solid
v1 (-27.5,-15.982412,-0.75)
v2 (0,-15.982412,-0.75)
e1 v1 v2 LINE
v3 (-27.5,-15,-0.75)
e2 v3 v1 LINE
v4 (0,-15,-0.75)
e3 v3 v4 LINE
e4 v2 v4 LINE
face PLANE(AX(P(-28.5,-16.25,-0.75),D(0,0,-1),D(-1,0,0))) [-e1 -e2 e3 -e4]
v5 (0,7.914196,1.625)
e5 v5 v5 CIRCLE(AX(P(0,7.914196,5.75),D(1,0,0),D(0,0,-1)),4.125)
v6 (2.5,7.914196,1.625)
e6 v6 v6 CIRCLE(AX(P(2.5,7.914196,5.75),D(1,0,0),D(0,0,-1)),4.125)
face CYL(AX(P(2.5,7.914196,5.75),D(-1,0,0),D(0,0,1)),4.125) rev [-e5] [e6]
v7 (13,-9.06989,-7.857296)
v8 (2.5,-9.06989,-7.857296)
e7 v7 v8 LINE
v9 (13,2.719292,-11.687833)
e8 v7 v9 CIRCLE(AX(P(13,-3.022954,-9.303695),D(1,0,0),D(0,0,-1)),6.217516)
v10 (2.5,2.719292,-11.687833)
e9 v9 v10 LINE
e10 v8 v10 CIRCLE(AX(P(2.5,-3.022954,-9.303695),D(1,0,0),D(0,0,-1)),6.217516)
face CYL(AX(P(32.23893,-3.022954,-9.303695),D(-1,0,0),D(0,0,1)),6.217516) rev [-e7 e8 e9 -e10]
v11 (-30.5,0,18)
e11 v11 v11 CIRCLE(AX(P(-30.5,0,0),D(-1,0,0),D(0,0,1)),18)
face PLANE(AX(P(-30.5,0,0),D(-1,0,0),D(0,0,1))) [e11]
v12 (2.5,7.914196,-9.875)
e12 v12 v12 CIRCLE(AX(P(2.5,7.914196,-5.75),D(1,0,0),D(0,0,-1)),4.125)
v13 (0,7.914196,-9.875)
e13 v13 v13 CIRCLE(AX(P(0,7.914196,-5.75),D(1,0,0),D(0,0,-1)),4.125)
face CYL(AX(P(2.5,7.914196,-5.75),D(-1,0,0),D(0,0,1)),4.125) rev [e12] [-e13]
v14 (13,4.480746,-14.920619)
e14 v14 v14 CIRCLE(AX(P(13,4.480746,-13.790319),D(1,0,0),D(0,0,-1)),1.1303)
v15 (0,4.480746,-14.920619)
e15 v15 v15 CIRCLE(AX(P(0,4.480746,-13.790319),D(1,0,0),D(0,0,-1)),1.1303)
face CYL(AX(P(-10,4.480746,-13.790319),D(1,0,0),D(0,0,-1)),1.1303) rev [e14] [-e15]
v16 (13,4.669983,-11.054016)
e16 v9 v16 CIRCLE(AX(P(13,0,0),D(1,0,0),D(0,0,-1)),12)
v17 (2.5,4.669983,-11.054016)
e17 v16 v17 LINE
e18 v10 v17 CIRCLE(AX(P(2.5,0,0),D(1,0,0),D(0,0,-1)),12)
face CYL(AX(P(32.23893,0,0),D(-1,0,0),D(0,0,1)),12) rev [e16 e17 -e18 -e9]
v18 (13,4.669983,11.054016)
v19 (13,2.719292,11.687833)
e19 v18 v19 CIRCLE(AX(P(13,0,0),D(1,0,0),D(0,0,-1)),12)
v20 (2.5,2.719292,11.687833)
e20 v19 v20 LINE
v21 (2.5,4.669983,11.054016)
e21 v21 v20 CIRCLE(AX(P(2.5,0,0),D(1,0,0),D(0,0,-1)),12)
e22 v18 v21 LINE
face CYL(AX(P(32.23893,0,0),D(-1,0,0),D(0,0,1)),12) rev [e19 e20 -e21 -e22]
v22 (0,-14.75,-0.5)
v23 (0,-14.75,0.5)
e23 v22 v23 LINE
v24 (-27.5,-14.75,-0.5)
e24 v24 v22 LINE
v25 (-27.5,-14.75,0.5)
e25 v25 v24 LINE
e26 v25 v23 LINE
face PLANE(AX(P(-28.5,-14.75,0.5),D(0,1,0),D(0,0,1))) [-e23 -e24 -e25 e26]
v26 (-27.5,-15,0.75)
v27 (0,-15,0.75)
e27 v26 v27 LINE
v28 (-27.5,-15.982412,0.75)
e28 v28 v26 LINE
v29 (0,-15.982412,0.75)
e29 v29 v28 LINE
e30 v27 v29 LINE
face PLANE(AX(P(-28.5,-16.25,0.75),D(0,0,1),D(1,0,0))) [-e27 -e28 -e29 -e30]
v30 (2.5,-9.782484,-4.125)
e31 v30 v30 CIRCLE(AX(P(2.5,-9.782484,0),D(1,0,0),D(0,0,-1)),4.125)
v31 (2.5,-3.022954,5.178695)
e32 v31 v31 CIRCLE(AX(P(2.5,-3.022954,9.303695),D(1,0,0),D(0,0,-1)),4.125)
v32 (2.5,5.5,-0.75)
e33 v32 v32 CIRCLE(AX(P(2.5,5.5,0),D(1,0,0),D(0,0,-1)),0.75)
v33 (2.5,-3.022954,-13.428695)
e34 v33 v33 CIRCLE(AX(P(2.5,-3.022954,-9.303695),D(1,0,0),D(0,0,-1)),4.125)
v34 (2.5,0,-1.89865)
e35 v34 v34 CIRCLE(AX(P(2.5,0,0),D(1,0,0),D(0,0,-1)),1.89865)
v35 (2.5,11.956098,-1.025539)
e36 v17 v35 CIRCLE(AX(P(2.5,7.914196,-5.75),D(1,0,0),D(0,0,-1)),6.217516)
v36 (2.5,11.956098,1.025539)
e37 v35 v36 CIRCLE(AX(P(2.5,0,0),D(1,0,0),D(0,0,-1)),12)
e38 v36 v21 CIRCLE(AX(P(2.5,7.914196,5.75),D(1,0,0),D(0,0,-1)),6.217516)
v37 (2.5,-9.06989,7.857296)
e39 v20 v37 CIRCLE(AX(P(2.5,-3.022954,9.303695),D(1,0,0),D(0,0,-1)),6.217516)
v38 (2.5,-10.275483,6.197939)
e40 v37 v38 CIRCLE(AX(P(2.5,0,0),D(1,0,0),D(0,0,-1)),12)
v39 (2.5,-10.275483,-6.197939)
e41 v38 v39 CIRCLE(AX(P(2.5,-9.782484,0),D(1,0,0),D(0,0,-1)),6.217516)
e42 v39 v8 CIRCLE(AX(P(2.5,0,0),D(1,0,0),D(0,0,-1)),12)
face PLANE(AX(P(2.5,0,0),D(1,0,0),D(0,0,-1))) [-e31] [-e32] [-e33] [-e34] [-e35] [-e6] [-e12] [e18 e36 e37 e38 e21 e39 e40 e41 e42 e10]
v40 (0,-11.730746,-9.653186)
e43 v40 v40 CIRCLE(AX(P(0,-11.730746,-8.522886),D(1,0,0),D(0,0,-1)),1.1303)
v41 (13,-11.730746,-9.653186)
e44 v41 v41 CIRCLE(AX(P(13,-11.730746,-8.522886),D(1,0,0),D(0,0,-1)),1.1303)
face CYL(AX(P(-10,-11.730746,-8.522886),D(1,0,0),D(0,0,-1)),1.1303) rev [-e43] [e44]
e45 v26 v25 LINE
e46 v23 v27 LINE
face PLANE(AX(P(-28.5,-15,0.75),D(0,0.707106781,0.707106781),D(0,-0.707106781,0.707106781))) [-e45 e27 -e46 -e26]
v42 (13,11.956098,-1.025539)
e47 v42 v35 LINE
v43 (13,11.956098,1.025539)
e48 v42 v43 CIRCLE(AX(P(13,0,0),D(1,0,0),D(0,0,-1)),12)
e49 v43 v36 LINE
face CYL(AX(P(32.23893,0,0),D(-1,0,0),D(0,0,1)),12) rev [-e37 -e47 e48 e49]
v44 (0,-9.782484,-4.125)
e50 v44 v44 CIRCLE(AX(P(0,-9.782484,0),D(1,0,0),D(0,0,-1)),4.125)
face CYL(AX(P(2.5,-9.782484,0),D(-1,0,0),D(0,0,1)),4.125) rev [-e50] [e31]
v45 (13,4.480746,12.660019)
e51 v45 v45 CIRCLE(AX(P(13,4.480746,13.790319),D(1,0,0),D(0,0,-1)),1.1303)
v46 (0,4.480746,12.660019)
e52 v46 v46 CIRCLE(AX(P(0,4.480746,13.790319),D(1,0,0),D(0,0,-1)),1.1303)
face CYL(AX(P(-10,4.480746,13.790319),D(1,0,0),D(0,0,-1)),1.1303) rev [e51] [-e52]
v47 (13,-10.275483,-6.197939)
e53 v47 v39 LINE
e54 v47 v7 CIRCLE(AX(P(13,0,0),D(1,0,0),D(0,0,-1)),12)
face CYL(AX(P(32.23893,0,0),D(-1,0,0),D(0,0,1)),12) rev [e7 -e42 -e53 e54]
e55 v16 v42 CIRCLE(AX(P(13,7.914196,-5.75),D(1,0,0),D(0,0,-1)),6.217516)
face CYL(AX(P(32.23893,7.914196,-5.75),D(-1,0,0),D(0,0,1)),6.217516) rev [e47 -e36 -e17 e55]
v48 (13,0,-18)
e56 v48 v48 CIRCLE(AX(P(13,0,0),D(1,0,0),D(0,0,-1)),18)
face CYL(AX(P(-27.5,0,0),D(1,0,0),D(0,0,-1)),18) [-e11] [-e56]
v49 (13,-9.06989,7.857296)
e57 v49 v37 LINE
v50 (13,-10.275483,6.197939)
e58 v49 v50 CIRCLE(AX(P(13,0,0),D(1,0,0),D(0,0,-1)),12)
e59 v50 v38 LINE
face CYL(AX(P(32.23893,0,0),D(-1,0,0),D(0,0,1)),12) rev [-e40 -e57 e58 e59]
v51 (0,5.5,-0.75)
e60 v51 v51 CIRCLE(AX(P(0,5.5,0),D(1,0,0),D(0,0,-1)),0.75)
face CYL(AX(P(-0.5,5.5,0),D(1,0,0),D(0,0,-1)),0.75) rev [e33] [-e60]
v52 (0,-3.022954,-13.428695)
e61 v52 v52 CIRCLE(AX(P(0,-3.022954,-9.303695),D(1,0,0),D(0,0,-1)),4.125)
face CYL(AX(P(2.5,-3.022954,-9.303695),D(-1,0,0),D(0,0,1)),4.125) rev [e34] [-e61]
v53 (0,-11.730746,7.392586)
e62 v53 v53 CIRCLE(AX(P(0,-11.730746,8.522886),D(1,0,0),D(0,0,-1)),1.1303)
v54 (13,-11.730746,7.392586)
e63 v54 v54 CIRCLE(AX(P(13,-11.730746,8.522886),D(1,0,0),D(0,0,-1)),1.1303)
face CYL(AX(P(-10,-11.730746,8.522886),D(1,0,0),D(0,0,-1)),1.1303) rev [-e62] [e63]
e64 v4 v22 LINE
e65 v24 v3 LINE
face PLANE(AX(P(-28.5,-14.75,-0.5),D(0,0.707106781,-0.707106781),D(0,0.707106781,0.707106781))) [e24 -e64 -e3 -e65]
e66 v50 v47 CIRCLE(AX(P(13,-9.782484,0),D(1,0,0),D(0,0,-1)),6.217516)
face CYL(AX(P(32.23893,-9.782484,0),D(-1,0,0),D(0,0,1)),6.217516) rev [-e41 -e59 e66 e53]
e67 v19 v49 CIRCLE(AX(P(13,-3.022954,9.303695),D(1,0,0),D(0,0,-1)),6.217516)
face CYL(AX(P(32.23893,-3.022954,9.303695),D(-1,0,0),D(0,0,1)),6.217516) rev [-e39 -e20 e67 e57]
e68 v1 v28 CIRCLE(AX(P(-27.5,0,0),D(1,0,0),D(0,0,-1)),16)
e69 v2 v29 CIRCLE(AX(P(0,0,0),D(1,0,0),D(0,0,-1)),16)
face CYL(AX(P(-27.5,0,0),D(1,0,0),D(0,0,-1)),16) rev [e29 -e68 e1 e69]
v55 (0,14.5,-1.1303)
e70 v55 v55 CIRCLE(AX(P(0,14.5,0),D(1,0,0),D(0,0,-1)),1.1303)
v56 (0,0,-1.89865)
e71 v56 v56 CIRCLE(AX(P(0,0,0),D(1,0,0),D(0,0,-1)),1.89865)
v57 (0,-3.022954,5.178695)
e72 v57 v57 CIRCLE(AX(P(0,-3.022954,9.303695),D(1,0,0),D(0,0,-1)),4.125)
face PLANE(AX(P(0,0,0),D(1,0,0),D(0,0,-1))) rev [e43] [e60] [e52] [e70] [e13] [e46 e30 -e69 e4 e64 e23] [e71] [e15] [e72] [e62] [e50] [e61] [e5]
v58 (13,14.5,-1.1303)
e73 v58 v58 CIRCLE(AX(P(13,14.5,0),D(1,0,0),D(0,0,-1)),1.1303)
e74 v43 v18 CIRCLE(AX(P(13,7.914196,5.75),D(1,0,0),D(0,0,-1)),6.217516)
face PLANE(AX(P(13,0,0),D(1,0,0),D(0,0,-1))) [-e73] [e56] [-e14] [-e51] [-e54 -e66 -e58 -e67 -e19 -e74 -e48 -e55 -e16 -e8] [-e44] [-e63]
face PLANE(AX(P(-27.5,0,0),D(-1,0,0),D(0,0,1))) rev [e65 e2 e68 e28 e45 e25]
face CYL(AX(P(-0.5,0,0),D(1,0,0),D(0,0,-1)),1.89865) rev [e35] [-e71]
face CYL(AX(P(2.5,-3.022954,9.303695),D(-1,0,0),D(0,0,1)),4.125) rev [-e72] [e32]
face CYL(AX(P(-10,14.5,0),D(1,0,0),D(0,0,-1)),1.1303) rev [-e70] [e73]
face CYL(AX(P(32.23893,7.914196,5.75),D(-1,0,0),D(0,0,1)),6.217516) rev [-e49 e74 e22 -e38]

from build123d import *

# Parameters (mm, degrees)
SKETCH1_R                = 16
SKETCH1_R_2              = 4.125
BOSS_EXTRUDE1_DEPTH      = 2.5
SKETCH2_R                = 18
SKETCH2_R_2              = 16
BOSS_EXTRUDE2_DEPTH      = 10.5
BOSS_EXTRUDE2_DEPTH_BACK = 30
SKETCH3_R                = 18
BOSS_EXTRUDE3_DEPTH      = 3
SKETCH4_R                = 1.89865
CUT_EXTRUDE1_DEPTH       = 3
BOSS_EXTRUDE4_DEPTH      = 31
SKETCH6_R                = 0.75
CUT_EXTRUDE2_DEPTH       = 3
BOSS_EXTRUDE5_DEPTH      = 10.5
SKETCH8_R                = 1.1303
CUT_EXTRUDE3_DEPTH       = 23


with BuildPart() as part:
    # Sketch1 → Boss-Extrude1 (new body)
    with BuildSketch(Plane(origin=(0, 0, 0), x_dir=(0, 0, -1), z_dir=(1, 0, 0))):
        Circle(SKETCH1_R)
        with Locations((-5.75, 7.914196043)):
            Circle(SKETCH1_R_2, mode=Mode.SUBTRACT)
        with Locations((5.75, 7.914196043)):
            Circle(SKETCH1_R_2, mode=Mode.SUBTRACT)
        with Locations((9.303695435, -3.022953895)):
            Circle(SKETCH1_R_2, mode=Mode.SUBTRACT)
        with Locations((0, -9.782484296)):
            Circle(SKETCH1_R_2, mode=Mode.SUBTRACT)
        with Locations((-9.303695435, -3.022953895)):
            Circle(SKETCH1_R_2, mode=Mode.SUBTRACT)
    extrude(amount=BOSS_EXTRUDE1_DEPTH)

    # Sketch2 → Boss-Extrude2 (add, two sides)
    with BuildSketch(Plane(origin=(2.5, 0, 0), x_dir=(0, 0, -1), z_dir=(1, 0, 0))) as boss_extrude2_sk:
        Circle(SKETCH2_R)
        Circle(SKETCH2_R_2, mode=Mode.SUBTRACT)
    extrude(amount=BOSS_EXTRUDE2_DEPTH)
    extrude(boss_extrude2_sk.sketch, amount=-BOSS_EXTRUDE2_DEPTH_BACK)

    # Sketch3 → Boss-Extrude3 (add)
    with BuildSketch(Plane.ZY.offset(27.5)):
        Circle(SKETCH3_R)
    extrude(amount=BOSS_EXTRUDE3_DEPTH)

    # Sketch4 → Cut-Extrude1 (cut)
    with BuildSketch(Plane(origin=(2.5, 0, 0), x_dir=(0, 0, -1), z_dir=(1, 0, 0))):
        Circle(SKETCH4_R)
    extrude(amount=-CUT_EXTRUDE1_DEPTH, mode=Mode.SUBTRACT)

    # Sketch5 → Boss-Extrude4 (add)
    with BuildSketch(Plane(origin=(2.5, 0, 0), x_dir=(0, 0, -1), z_dir=(1, 0, 0))):
        Polygon((-0.75, -15), (-0.5, -14.75), (0.5, -14.75), (0.75, -15), (0.75, -16.25), (-0.75, -16.25), align=None)
    extrude(amount=-BOSS_EXTRUDE4_DEPTH)

    # Sketch6 → Cut-Extrude2 (cut)
    with BuildSketch(Plane(origin=(2.5, 0, 0), x_dir=(0, 0, -1), z_dir=(1, 0, 0))):
        with Locations((0, 5.5)):
            Circle(SKETCH6_R)
    extrude(amount=-CUT_EXTRUDE2_DEPTH, mode=Mode.SUBTRACT)

    # Sketch7 → Boss-Extrude5 (add)
    with BuildSketch(Plane(origin=(2.5, 0, 0), x_dir=(0, 0, -1), z_dir=(1, 0, 0))):
        with BuildLine():
            ThreePointArc((-9.404564054, 12.944271897), (-5.021788452, 14.088919475), (-1.025538841, 11.956097611))
            ThreePointArc((-1.025538841, 11.956097611), (0, 12), (1.025538841, 11.956097611))
            ThreePointArc((1.025538841, 11.956097611), (5.021788614, 14.088919494), (9.404564318, 12.944271706))
            ThreePointArc((9.404564318, 12.944271706), (1.63e-07, 16), (-9.404564054, 12.944271897))
        make_face()
        with BuildLine():
            ThreePointArc((-11.054015612, 4.669982746), (-11.847540705, 9.12972016), (-9.404564054, 12.944271897))
            ThreePointArc((-9.404564054, 12.944271897), (-15.216904236, 4.944271986), (-15.216904316, -4.944271739))
            ThreePointArc((-15.216904316, -4.944271739), (-14.951176606, -0.422288989), (-11.687833473, 2.719291951))
            ThreePointArc((-11.687833473, 2.719291951), (-11.412678196, 3.708203932), (-11.054015612, 4.669982746))
        make_face()
        with BuildLine():
            ThreePointArc((-7.857296202, -9.069889547), (-12.343971357, -8.446442057), (-15.216904316, -4.944271739))
            ThreePointArc((-15.216904316, -4.944271739), (-9.40456411, -12.944271857), (0, -16))
            ThreePointArc((0, -16), (-4.218546896, -14.349908473), (-6.1979395, -10.27548276))
            ThreePointArc((-6.1979395, -10.27548276), (-7.053423028, -9.708203932), (-7.857296202, -9.069889547))
        make_face()
        with BuildLine():
            ThreePointArc((6.1979395, -10.27548276), (4.218546896, -14.349908473), (0, -16))
            ThreePointArc((0, -16), (9.404563995, -12.944271941), (15.216904229, -4.944272009))
            ThreePointArc((15.216904229, -4.944272009), (12.343971234, -8.446442126), (7.857296202, -9.069889547))
            ThreePointArc((7.857296202, -9.069889547), (7.053423028, -9.708203932), (6.1979395, -10.27548276))
        make_face()
        with BuildLine():
            ThreePointArc((16, 0), (14.256104466, 7.263847841), (9.404564318, 12.944271706))
            ThreePointArc((9.404564318, 12.944271706), (11.847540737, 9.12972), (11.054015612, 4.669982746))
            ThreePointArc((11.054015612, 4.669982746), (11.412678196, 3.708203932), (11.687833473, 2.719291951))
            ThreePointArc((11.687833473, 2.719291951), (14.951176666, -0.422289118), (15.216904229, -4.944272009))
            ThreePointArc((15.216904229, -4.944272009), (15.803013441, -2.502951492), (16, 0))
        make_face()
    extrude(amount=BOSS_EXTRUDE5_DEPTH)

    # Sketch8 → Cut-Extrude3 (cut)
    with BuildSketch(Plane(origin=(13, 0, 0), x_dir=(0, 0, -1), z_dir=(1, 0, 0))):
        with Locations((0, 14.5)):
            Circle(SKETCH8_R)
        with Locations((13.790319486, 4.480746418)):
            Circle(SKETCH8_R)
        with Locations((8.522886158, -11.730746418)):
            Circle(SKETCH8_R)
        with Locations((-8.522886158, -11.730746418)):
            Circle(SKETCH8_R)
        with Locations((-13.790319486, 4.480746418)):
            Circle(SKETCH8_R)
    extrude(amount=-CUT_EXTRUDE3_DEPTH, mode=Mode.SUBTRACT)


solid = part.part
